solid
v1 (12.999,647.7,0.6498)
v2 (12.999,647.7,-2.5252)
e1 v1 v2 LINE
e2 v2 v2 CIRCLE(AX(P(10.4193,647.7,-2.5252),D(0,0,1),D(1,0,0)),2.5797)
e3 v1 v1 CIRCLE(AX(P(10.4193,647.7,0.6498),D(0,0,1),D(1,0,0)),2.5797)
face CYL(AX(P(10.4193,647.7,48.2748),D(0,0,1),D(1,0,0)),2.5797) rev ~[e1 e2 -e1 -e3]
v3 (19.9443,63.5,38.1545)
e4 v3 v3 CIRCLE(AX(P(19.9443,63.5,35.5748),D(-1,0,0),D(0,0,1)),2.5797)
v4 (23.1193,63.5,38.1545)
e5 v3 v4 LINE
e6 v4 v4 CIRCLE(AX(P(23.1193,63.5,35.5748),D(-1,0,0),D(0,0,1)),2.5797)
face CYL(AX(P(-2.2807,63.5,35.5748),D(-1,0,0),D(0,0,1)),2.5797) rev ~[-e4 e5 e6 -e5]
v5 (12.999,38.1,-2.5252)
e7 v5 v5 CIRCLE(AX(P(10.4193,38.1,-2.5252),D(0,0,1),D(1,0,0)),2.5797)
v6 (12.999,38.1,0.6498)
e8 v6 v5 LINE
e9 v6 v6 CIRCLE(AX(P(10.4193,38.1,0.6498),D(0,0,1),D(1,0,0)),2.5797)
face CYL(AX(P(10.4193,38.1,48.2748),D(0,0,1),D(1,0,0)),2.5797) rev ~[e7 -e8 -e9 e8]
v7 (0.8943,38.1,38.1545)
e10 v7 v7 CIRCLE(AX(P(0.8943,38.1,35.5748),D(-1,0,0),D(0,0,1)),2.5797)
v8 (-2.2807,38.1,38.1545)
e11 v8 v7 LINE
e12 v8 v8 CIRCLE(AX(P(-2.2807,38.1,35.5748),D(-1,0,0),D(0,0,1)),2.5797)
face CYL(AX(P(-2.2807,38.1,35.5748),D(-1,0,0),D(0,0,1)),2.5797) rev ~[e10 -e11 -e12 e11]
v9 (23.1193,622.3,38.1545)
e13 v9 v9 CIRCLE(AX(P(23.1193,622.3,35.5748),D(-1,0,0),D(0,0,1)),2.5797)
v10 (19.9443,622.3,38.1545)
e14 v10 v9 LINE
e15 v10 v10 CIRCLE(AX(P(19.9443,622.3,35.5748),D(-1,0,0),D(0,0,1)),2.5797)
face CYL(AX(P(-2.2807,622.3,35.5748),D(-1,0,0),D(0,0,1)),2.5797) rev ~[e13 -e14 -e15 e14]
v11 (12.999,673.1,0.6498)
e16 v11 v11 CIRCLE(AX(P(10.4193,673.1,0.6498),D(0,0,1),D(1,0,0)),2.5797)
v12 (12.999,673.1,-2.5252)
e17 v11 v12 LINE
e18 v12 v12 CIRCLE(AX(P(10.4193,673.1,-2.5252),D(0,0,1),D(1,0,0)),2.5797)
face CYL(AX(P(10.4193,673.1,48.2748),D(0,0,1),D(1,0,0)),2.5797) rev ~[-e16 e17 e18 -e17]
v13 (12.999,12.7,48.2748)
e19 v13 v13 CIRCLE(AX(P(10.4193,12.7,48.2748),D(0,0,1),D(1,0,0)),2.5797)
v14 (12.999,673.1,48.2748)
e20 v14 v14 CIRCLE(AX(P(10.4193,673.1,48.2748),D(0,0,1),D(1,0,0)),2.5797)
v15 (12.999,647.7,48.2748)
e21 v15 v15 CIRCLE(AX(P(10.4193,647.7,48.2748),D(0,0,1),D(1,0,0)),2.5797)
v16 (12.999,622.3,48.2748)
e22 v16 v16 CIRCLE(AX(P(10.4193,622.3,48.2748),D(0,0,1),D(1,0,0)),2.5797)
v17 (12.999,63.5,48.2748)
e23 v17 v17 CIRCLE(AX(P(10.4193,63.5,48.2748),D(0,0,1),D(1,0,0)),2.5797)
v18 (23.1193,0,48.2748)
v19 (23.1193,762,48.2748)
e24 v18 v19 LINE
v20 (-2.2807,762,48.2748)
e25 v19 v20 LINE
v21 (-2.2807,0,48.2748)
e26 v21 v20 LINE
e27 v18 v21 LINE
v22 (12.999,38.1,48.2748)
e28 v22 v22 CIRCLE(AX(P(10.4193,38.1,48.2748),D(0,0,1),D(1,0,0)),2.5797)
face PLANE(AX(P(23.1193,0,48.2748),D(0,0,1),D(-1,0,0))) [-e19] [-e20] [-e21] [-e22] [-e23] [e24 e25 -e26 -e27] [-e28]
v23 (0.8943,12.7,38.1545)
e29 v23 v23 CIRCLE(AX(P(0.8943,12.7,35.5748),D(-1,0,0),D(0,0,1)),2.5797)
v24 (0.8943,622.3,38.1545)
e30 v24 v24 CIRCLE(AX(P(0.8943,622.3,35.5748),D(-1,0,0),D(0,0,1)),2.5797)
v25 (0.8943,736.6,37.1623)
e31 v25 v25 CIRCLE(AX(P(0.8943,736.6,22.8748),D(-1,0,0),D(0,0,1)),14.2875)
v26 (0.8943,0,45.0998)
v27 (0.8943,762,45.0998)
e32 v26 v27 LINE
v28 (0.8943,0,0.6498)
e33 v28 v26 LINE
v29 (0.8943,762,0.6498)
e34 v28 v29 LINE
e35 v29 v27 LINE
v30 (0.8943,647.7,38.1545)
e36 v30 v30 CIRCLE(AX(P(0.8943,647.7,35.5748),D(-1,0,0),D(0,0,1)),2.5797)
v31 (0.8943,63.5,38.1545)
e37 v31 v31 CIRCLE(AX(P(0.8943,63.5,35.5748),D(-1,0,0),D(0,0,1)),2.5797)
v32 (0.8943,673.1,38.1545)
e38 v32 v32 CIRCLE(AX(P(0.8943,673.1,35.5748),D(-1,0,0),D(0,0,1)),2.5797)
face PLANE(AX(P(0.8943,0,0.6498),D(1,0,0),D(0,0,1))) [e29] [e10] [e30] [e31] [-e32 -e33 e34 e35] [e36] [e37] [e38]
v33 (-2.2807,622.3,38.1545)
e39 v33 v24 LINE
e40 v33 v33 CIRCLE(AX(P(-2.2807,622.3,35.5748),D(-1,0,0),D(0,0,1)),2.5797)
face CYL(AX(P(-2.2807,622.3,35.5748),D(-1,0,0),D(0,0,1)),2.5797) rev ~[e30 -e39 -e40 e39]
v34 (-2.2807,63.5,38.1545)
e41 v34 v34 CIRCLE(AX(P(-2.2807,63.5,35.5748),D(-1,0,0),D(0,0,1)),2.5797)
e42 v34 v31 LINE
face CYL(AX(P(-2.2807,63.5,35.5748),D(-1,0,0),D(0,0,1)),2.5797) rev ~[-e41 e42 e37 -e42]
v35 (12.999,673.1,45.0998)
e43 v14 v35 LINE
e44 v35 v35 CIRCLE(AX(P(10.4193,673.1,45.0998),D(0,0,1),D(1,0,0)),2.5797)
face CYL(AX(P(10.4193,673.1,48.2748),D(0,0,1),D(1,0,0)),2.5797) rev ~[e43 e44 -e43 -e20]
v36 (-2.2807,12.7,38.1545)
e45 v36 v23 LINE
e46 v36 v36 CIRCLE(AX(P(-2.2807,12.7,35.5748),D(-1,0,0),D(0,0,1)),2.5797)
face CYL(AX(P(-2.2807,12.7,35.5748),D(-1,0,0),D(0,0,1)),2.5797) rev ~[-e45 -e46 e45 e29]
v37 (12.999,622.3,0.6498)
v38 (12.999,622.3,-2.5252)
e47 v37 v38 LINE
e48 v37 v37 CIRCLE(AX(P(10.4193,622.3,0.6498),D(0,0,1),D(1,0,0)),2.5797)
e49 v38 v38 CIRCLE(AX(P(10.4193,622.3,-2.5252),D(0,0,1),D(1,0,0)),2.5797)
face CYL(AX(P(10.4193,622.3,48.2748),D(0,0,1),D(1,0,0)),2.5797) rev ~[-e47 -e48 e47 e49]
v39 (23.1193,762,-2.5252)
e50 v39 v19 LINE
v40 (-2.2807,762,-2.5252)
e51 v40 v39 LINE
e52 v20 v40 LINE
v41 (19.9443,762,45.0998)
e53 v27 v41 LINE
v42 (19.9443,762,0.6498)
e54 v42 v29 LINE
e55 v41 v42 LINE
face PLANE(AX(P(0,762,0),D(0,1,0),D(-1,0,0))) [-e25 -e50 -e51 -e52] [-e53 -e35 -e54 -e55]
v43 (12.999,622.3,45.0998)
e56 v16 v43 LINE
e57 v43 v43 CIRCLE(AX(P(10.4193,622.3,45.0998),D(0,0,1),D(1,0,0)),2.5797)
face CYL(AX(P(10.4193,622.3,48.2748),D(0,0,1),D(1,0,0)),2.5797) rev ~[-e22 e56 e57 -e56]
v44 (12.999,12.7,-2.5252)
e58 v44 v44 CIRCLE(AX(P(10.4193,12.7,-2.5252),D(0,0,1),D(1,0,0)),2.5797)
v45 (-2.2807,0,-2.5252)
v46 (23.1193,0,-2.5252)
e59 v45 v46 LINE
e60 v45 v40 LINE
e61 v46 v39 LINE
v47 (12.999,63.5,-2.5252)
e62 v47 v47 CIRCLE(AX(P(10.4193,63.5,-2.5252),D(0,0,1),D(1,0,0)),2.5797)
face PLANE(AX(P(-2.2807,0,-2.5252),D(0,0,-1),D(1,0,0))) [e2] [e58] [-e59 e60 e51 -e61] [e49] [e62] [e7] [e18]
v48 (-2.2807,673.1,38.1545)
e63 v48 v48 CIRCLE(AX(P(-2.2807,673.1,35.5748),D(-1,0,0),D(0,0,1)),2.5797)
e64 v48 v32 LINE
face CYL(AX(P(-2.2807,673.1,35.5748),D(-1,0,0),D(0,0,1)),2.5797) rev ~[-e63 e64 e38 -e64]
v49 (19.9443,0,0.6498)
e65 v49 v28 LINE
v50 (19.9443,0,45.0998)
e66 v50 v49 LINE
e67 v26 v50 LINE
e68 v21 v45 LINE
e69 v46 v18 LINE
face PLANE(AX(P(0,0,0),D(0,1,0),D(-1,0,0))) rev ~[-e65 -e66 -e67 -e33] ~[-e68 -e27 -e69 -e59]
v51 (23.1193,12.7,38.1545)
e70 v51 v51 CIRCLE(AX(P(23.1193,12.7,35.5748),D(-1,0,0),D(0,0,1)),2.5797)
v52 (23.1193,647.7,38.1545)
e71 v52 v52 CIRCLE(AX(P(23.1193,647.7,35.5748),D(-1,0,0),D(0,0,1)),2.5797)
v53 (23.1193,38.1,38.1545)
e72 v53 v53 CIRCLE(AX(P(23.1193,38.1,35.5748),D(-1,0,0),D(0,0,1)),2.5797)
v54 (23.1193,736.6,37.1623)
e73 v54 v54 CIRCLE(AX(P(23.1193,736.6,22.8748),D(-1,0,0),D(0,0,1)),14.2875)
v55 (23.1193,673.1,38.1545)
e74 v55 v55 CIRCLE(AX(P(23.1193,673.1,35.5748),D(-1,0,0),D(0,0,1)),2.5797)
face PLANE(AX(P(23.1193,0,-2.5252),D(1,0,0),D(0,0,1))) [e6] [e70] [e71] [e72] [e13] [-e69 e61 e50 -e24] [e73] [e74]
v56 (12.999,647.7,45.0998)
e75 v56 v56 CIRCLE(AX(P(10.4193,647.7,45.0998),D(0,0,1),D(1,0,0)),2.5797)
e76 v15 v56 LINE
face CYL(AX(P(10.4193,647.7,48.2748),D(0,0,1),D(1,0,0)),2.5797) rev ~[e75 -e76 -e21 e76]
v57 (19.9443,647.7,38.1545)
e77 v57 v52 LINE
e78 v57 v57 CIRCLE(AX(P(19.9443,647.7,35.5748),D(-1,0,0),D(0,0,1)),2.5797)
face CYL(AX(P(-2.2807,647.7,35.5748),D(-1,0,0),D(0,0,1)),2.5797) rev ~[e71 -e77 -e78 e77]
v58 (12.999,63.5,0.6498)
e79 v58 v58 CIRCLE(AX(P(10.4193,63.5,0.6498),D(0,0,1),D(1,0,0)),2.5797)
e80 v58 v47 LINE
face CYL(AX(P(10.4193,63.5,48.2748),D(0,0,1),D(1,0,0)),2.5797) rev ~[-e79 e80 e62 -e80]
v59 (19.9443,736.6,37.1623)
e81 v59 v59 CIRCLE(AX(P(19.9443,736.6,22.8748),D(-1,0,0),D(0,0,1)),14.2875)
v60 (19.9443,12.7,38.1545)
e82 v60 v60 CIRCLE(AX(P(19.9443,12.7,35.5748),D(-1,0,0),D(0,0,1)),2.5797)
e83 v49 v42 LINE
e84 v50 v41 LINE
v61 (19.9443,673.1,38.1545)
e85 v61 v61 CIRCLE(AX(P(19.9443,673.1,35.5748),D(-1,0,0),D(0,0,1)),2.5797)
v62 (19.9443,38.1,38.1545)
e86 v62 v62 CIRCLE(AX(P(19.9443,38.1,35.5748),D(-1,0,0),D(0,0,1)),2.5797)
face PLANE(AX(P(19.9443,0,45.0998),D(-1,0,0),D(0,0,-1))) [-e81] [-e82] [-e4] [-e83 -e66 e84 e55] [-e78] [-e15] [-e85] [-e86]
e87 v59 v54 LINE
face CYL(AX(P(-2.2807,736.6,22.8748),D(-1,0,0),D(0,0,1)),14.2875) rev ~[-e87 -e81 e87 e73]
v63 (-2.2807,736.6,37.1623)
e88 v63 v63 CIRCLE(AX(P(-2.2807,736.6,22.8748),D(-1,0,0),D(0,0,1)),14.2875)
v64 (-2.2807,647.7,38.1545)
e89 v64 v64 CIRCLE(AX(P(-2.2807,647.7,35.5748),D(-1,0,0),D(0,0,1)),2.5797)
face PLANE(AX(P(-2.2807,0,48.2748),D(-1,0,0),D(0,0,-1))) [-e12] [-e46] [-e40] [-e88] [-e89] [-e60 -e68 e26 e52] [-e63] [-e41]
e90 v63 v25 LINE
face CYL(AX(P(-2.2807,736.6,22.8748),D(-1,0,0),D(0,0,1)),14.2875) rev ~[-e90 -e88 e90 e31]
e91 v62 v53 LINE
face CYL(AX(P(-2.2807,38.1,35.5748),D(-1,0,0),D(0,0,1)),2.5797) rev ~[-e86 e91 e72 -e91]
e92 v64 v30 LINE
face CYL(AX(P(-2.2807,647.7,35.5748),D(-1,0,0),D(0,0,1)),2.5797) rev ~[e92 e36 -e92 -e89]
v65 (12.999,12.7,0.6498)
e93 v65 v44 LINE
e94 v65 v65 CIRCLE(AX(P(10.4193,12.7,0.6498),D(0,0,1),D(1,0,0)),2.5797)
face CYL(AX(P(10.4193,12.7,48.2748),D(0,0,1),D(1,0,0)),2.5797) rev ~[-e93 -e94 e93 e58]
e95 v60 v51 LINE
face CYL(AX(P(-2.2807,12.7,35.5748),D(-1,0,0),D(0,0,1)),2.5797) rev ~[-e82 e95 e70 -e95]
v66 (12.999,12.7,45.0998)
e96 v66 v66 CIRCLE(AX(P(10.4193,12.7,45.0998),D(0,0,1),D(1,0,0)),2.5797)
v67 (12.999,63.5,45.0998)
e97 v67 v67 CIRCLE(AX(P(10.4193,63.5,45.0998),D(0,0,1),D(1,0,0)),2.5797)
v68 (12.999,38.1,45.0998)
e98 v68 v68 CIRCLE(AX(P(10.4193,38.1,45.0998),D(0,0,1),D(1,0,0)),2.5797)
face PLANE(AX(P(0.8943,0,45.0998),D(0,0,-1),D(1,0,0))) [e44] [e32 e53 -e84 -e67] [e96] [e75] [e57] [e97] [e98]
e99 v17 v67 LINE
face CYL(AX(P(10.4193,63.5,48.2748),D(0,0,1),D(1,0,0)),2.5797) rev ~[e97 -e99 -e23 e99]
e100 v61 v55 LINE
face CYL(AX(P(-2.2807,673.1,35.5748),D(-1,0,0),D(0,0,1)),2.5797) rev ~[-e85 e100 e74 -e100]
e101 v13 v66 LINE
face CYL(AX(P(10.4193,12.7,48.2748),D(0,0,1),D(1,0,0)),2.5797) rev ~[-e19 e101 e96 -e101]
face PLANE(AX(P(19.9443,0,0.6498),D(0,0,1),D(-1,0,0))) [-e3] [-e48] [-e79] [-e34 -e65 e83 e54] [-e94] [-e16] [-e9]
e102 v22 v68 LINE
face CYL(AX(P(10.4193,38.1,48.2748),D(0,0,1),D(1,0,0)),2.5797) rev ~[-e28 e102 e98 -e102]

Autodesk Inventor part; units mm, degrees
ref_plane "YZ Plane" through (0, 0, 0) normal (1, 0, 0) x (0, 1, 0)
ref_plane "XZ Plane" through (0, 0, 0) normal (0, 1, 0) x (-1, 0, 0)
ref_plane "XY Plane" through (0, 0, 0) normal (0, 0, 1) x (1, 0, 0)
sketch "Sketch1" plane through (0, 0, 0) normal (0, 1, 0) x (-1, 0, 0)
  line L0 (2.2807, -2.5252) -> (-23.1193, -2.5252)
  line L1 (-23.1193, -2.5252) -> (-23.1193, 48.2748)
  line L2 (-23.1193, 48.2748) -> (2.2807, 48.2748)
  line L3 (2.2807, 48.2748) -> (2.2807, -2.5252)
  line L4 (-19.9443, 0.6498) -> (-0.8943, 0.6498)
  line L5 (-0.8943, 0.6498) -> (-0.8943, 45.0998)
  line L6 (-0.8943, 45.0998) -> (-19.9443, 45.0998)
  line L7 (-19.9443, 45.0998) -> (-19.9443, 0.6498)
  point P0 (0, 0)
  dimension "d0" = 25.4
  dimension "d1" = 50.8
  dimension "d2" = 3.175
extrude "Extrusion1" add sketch "Sketch1" along normal blind 762
sketch "Sketch3" plane through (-2.2807, 0, 48.2748) normal (0, 0, 1) x (1, 0, 0)
  line L0 (22.225, 0) -> (3.175, 0) construction
  line L1 (12.7, 0) -> (12.7, 12.7) construction
  line L2 (12.7, 12.7) -> (12.7, 38.1) construction
  line L3 (12.7, 38.1) -> (12.7, 63.5) construction
  circle A0 centre (12.7, 63.5) radius 2.5797
  circle A1 centre (12.7, 38.1) radius 2.5797
  circle A2 centre (12.7, 12.7) radius 2.5797
  line L4 (12.7, 685.8) -> (12.7, 673.1) construction
  circle A3 centre (12.7, 673.1) radius 2.5797
  line L5 (12.7, 673.1) -> (12.7, 647.7) construction
  line L6 (12.7, 647.7) -> (12.7, 622.3) construction
  circle A4 centre (12.7, 647.7) radius 2.5797
  circle A5 centre (12.7, 622.3) radius 2.5797
  point P0 (2.2807, 0)
  dimension "d19" = 12.7
  dimension "d20" = 25.4
  dimension "d21" = 25.4
  dimension "d22" = 5.1594
  dimension "d23" = 5.1594
  dimension "d24" = 5.1594
  dimension "d38" = 12.7
  dimension "d39" = 5.1594
  dimension "d40" = 25.4
  dimension "d41" = 25.4
  dimension "d42" = 5.1594
  dimension "d43" = 5.1594
extrude "Extrusion3" cut sketch "Sketch3" against normal blind 762
sketch "Sketch4" plane through (23.1193, 0, 48.2748) normal (1, 0, 0) x (0, 0, -1)
  line L0 (3.175, 762) -> (47.625, 762) construction
  line L1 (25.4, 762) -> (25.4, 736.6) construction
  point P0 (48.2748, 0)
  dimension "d44" = 25.4
sketch "Sketch5" plane through (-2.2807, 0, -2.5252) normal (-1, 0, 0) x (0, 0, 1)
  circle A0 centre (25.4, 12.7) radius 2.5797 projected
  line L0 (50.8, 0) -> (50.8, 762) projected
  circle A1 centre (25.4, 38.1) radius 2.5797 construction
  line L1 (50.8, 38.1) -> (38.1, 38.1) construction
  circle A2 centre (25.4, 63.5) radius 2.5797 construction
  line L2 (50.8, 63.5) -> (38.1, 63.5) construction
  circle A3 centre (38.1, 63.5) radius 2.5797
  circle A4 centre (38.1, 38.1) radius 2.5797
  circle A5 centre (38.1, 12.7) radius 2.5797
  line L3 (38.1, 12.7) -> (50.8, 12.7) construction
  circle A6 centre (25.4, 622.3) radius 2.5797 construction
  line L4 (50.8, 622.3) -> (38.1, 622.3) construction
  circle A7 centre (25.4, 647.7) radius 2.5797 construction
  line L5 (50.8, 647.7) -> (38.1, 647.7) construction
  circle A8 centre (25.4, 673.1) radius 2.5797 construction
  line L6 (50.8, 673.1) -> (38.1, 673.1) construction
  circle A9 centre (38.1, 647.7) radius 2.5797
  circle A10 centre (38.1, 622.3) radius 2.5797
  circle A11 centre (38.1, 673.1) radius 2.5797
  point P0 (2.5252, 0)
  dimension "d46" = 12.7
  dimension "d47" = 12.7
  dimension "d48" = 5.1594
  dimension "d49" = 5.1594
  dimension "d50" = 5.1594
  dimension "d51" = 12.7
  dimension "d52" = 12.7
  dimension "d53" = 12.7
  dimension "d54" = 5.1594
  dimension "d55" = 5.1594
  dimension "d56" = 5.1594
extrude "Extrusion4" cut sketch "Sketch5" against normal blind 762 contours A3 | A4 | A5 | A9 | A10 | A11
sketch "Sketch6" plane through (-2.2807, 0, -2.5252) normal (-1, 0, 0) x (0, 0, 1)
  line L0 (47.625, 762) -> (3.175, 762) construction
  line L1 (25.4, 762) -> (25.4, 736.6) construction
  circle A0 centre (25.4, 736.6) radius 14.2875
  point P0 (2.5252, 0)
  dimension "d59" = 25.4
  dimension "d60" = 28.575
extrude "Extrusion5" cut sketch "Sketch6" against normal blind 304.8
properties part number "30in 1x1 Beam"
